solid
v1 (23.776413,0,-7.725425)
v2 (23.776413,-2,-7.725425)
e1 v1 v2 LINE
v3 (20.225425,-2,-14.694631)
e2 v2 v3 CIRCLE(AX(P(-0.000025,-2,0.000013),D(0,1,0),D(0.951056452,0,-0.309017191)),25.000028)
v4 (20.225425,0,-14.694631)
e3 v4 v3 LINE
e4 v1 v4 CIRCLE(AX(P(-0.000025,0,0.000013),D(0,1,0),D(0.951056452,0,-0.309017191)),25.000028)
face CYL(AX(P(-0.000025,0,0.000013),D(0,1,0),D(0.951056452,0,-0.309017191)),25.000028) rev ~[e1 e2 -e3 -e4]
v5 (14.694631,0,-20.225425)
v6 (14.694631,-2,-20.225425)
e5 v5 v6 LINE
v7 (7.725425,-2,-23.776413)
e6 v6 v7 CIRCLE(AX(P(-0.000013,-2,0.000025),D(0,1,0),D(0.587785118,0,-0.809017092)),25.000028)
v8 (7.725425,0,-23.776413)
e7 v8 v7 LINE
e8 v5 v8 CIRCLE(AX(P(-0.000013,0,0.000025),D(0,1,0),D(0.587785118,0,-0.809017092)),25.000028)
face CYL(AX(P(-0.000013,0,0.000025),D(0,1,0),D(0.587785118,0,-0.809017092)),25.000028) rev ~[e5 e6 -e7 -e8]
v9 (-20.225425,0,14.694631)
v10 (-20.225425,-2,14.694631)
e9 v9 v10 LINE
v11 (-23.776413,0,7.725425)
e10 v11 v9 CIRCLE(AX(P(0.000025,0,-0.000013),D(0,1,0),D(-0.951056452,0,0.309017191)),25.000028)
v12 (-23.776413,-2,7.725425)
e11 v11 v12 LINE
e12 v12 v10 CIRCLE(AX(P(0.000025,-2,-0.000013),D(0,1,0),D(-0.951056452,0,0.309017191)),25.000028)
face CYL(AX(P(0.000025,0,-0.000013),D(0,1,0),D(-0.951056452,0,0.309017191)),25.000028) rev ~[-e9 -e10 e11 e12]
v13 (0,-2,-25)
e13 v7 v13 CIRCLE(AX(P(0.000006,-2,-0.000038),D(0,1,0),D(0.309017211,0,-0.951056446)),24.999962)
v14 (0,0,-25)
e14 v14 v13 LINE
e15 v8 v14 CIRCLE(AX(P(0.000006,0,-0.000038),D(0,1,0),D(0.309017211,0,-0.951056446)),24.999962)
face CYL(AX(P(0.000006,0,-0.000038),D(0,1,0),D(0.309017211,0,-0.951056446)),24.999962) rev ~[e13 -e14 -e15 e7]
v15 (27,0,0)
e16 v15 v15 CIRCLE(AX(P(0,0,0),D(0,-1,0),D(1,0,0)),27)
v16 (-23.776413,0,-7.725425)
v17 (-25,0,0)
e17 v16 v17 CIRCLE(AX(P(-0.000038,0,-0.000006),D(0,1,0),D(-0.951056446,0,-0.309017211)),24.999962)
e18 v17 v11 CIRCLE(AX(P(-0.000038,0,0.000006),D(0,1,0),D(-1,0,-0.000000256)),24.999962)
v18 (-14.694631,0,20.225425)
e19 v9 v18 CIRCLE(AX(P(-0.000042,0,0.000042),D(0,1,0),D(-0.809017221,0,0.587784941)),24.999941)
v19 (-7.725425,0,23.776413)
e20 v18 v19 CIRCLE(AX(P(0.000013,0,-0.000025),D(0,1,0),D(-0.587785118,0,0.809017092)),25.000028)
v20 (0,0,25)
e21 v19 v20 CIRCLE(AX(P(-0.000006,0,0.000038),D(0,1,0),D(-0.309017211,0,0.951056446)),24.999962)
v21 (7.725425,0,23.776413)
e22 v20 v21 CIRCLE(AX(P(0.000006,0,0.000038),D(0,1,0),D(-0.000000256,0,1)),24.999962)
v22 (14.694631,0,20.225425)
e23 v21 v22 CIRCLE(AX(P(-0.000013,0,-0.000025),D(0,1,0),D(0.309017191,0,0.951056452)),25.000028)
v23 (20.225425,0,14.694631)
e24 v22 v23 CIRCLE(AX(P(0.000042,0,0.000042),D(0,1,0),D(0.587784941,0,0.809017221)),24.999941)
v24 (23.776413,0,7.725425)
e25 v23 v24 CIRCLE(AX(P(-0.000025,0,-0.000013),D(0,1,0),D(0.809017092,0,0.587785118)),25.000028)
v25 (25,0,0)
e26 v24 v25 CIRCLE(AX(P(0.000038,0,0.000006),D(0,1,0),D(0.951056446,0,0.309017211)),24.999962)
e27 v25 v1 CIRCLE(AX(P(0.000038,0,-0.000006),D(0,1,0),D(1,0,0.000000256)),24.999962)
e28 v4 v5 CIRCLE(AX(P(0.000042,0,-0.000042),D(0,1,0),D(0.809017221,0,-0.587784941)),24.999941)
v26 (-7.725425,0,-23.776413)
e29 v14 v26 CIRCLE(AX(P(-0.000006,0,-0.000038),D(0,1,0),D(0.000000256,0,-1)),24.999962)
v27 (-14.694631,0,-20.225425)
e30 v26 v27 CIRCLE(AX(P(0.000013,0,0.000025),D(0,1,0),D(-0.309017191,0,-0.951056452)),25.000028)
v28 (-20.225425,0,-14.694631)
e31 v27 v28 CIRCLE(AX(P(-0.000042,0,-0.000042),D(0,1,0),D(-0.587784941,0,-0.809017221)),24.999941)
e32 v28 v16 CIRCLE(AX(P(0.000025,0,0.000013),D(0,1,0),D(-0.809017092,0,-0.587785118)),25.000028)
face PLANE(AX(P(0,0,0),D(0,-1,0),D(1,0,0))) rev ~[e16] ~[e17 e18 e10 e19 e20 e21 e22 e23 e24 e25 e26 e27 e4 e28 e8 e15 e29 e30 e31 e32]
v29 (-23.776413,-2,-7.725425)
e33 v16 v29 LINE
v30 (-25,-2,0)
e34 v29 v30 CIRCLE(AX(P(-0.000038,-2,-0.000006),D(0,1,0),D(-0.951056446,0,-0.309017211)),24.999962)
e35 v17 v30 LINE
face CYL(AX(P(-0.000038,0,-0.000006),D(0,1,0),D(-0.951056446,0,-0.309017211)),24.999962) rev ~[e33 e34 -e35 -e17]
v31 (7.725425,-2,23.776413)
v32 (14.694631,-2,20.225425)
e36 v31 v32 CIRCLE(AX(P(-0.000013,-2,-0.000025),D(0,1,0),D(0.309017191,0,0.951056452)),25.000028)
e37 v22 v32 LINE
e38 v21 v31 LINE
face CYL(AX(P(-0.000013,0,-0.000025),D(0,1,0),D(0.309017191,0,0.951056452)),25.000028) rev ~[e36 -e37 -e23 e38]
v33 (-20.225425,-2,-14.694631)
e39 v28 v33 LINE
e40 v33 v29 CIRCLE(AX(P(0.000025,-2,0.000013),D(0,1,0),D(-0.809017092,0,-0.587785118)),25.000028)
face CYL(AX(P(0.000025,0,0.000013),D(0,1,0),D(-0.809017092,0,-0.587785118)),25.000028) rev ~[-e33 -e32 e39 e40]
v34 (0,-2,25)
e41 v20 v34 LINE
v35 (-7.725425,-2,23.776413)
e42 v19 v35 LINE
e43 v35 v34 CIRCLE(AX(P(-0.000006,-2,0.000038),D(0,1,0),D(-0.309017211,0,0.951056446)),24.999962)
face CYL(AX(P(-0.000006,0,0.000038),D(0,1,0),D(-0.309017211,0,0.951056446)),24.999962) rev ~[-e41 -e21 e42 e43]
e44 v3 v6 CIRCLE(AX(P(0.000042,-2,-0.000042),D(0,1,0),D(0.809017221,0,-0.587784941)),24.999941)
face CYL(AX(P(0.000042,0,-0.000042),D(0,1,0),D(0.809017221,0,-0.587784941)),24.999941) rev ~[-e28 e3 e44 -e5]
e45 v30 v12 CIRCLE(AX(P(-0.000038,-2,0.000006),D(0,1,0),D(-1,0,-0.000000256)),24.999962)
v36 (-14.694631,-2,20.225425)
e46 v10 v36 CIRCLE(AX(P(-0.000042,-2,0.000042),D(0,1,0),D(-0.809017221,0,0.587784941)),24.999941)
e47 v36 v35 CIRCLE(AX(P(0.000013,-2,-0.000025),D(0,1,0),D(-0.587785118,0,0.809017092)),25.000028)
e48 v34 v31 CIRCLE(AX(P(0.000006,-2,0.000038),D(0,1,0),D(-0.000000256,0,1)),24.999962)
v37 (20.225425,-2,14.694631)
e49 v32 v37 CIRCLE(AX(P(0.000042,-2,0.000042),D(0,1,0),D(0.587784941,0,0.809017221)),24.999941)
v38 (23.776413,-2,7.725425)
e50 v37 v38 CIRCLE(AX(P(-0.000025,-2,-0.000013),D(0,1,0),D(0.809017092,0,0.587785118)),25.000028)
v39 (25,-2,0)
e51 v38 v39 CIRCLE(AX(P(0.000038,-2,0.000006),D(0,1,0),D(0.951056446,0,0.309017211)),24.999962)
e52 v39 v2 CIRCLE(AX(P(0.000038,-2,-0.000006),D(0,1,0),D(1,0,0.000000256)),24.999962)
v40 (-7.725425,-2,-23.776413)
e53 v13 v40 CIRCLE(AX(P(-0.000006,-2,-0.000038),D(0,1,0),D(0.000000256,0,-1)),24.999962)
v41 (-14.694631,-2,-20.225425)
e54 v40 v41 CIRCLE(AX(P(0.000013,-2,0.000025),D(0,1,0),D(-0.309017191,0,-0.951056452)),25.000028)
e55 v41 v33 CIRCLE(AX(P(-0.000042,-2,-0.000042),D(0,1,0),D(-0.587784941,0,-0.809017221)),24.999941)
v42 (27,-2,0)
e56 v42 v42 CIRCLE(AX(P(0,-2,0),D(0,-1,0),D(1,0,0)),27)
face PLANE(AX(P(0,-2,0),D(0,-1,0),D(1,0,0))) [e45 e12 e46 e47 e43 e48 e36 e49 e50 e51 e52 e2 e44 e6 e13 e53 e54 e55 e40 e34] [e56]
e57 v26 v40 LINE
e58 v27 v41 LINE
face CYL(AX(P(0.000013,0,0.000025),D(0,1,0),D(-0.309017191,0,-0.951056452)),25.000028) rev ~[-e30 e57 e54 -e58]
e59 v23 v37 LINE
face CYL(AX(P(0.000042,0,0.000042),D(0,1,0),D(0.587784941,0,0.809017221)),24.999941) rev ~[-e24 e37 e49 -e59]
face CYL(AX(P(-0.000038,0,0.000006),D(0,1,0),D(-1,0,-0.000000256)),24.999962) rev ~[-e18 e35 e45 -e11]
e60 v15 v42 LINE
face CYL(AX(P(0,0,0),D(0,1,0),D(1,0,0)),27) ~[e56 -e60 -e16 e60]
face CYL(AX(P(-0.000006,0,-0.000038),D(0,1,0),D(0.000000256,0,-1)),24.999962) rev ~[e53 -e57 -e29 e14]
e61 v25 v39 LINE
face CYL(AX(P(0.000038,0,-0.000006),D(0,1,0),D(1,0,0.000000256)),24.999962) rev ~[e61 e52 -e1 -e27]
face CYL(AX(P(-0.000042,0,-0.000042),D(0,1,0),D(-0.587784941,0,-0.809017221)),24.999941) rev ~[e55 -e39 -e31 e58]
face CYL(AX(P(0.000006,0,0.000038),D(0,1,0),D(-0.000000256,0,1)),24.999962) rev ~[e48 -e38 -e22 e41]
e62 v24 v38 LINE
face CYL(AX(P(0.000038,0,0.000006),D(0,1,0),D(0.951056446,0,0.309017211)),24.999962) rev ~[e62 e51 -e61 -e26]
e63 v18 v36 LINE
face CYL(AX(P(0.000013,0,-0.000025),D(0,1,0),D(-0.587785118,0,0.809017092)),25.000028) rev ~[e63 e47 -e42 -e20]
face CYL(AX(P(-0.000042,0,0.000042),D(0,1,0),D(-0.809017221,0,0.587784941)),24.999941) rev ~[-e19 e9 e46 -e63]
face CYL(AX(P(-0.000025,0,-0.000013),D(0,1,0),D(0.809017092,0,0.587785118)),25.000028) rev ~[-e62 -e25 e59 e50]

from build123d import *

# Parameters (mm, degrees)
F0_R     = 27
F1_DEPTH = 2


with BuildPart() as f1:
    # F0 (on Front) → F1 (new body)
    with BuildSketch(Plane.XZ):
        Circle(F0_R)
        with BuildLine():
            ThreePointArc((23.776413, 7.725425), (24.692209, 3.910862), (25, 0))
            ThreePointArc((25, 0), (24.692209, -3.910862), (23.776413, -7.725425))
            ThreePointArc((23.776413, -7.725425), (22.275163, -11.349762), (20.225425, -14.694631))
            ThreePointArc((20.225425, -14.694631), (17.67767, -17.67767), (14.694631, -20.225425))
            ThreePointArc((14.694631, -20.225425), (11.349762, -22.275163), (7.725425, -23.776413))
            ThreePointArc((7.725425, -23.776413), (3.910862, -24.692209), (0, -25))
            ThreePointArc((0, -25), (-3.910862, -24.692209), (-7.725425, -23.776413))
            ThreePointArc((-7.725425, -23.776413), (-11.349762, -22.275163), (-14.694631, -20.225425))
            ThreePointArc((-14.694631, -20.225425), (-17.67767, -17.67767), (-20.225425, -14.694631))
            ThreePointArc((-20.225425, -14.694631), (-22.275163, -11.349762), (-23.776413, -7.725425))
            ThreePointArc((-23.776413, -7.725425), (-24.692209, -3.910862), (-25, 0))
            ThreePointArc((-25, 0), (-24.692209, 3.910862), (-23.776413, 7.725425))
            ThreePointArc((-23.776413, 7.725425), (-22.275163, 11.349762), (-20.225425, 14.694631))
            ThreePointArc((-20.225425, 14.694631), (-17.67767, 17.67767), (-14.694631, 20.225425))
            ThreePointArc((-14.694631, 20.225425), (-11.349762, 22.275163), (-7.725425, 23.776413))
            ThreePointArc((-7.725425, 23.776413), (-3.910862, 24.692209), (0, 25))
            ThreePointArc((0, 25), (3.910862, 24.692209), (7.725425, 23.776413))
            ThreePointArc((7.725425, 23.776413), (11.349762, 22.275163), (14.694631, 20.225425))
            ThreePointArc((14.694631, 20.225425), (17.67767, 17.67767), (20.225425, 14.694631))
            ThreePointArc((20.225425, 14.694631), (22.275163, 11.349762), (23.776413, 7.725425))
        make_face(mode=Mode.SUBTRACT)
    extrude(amount=F1_DEPTH)


solid = f1.part
